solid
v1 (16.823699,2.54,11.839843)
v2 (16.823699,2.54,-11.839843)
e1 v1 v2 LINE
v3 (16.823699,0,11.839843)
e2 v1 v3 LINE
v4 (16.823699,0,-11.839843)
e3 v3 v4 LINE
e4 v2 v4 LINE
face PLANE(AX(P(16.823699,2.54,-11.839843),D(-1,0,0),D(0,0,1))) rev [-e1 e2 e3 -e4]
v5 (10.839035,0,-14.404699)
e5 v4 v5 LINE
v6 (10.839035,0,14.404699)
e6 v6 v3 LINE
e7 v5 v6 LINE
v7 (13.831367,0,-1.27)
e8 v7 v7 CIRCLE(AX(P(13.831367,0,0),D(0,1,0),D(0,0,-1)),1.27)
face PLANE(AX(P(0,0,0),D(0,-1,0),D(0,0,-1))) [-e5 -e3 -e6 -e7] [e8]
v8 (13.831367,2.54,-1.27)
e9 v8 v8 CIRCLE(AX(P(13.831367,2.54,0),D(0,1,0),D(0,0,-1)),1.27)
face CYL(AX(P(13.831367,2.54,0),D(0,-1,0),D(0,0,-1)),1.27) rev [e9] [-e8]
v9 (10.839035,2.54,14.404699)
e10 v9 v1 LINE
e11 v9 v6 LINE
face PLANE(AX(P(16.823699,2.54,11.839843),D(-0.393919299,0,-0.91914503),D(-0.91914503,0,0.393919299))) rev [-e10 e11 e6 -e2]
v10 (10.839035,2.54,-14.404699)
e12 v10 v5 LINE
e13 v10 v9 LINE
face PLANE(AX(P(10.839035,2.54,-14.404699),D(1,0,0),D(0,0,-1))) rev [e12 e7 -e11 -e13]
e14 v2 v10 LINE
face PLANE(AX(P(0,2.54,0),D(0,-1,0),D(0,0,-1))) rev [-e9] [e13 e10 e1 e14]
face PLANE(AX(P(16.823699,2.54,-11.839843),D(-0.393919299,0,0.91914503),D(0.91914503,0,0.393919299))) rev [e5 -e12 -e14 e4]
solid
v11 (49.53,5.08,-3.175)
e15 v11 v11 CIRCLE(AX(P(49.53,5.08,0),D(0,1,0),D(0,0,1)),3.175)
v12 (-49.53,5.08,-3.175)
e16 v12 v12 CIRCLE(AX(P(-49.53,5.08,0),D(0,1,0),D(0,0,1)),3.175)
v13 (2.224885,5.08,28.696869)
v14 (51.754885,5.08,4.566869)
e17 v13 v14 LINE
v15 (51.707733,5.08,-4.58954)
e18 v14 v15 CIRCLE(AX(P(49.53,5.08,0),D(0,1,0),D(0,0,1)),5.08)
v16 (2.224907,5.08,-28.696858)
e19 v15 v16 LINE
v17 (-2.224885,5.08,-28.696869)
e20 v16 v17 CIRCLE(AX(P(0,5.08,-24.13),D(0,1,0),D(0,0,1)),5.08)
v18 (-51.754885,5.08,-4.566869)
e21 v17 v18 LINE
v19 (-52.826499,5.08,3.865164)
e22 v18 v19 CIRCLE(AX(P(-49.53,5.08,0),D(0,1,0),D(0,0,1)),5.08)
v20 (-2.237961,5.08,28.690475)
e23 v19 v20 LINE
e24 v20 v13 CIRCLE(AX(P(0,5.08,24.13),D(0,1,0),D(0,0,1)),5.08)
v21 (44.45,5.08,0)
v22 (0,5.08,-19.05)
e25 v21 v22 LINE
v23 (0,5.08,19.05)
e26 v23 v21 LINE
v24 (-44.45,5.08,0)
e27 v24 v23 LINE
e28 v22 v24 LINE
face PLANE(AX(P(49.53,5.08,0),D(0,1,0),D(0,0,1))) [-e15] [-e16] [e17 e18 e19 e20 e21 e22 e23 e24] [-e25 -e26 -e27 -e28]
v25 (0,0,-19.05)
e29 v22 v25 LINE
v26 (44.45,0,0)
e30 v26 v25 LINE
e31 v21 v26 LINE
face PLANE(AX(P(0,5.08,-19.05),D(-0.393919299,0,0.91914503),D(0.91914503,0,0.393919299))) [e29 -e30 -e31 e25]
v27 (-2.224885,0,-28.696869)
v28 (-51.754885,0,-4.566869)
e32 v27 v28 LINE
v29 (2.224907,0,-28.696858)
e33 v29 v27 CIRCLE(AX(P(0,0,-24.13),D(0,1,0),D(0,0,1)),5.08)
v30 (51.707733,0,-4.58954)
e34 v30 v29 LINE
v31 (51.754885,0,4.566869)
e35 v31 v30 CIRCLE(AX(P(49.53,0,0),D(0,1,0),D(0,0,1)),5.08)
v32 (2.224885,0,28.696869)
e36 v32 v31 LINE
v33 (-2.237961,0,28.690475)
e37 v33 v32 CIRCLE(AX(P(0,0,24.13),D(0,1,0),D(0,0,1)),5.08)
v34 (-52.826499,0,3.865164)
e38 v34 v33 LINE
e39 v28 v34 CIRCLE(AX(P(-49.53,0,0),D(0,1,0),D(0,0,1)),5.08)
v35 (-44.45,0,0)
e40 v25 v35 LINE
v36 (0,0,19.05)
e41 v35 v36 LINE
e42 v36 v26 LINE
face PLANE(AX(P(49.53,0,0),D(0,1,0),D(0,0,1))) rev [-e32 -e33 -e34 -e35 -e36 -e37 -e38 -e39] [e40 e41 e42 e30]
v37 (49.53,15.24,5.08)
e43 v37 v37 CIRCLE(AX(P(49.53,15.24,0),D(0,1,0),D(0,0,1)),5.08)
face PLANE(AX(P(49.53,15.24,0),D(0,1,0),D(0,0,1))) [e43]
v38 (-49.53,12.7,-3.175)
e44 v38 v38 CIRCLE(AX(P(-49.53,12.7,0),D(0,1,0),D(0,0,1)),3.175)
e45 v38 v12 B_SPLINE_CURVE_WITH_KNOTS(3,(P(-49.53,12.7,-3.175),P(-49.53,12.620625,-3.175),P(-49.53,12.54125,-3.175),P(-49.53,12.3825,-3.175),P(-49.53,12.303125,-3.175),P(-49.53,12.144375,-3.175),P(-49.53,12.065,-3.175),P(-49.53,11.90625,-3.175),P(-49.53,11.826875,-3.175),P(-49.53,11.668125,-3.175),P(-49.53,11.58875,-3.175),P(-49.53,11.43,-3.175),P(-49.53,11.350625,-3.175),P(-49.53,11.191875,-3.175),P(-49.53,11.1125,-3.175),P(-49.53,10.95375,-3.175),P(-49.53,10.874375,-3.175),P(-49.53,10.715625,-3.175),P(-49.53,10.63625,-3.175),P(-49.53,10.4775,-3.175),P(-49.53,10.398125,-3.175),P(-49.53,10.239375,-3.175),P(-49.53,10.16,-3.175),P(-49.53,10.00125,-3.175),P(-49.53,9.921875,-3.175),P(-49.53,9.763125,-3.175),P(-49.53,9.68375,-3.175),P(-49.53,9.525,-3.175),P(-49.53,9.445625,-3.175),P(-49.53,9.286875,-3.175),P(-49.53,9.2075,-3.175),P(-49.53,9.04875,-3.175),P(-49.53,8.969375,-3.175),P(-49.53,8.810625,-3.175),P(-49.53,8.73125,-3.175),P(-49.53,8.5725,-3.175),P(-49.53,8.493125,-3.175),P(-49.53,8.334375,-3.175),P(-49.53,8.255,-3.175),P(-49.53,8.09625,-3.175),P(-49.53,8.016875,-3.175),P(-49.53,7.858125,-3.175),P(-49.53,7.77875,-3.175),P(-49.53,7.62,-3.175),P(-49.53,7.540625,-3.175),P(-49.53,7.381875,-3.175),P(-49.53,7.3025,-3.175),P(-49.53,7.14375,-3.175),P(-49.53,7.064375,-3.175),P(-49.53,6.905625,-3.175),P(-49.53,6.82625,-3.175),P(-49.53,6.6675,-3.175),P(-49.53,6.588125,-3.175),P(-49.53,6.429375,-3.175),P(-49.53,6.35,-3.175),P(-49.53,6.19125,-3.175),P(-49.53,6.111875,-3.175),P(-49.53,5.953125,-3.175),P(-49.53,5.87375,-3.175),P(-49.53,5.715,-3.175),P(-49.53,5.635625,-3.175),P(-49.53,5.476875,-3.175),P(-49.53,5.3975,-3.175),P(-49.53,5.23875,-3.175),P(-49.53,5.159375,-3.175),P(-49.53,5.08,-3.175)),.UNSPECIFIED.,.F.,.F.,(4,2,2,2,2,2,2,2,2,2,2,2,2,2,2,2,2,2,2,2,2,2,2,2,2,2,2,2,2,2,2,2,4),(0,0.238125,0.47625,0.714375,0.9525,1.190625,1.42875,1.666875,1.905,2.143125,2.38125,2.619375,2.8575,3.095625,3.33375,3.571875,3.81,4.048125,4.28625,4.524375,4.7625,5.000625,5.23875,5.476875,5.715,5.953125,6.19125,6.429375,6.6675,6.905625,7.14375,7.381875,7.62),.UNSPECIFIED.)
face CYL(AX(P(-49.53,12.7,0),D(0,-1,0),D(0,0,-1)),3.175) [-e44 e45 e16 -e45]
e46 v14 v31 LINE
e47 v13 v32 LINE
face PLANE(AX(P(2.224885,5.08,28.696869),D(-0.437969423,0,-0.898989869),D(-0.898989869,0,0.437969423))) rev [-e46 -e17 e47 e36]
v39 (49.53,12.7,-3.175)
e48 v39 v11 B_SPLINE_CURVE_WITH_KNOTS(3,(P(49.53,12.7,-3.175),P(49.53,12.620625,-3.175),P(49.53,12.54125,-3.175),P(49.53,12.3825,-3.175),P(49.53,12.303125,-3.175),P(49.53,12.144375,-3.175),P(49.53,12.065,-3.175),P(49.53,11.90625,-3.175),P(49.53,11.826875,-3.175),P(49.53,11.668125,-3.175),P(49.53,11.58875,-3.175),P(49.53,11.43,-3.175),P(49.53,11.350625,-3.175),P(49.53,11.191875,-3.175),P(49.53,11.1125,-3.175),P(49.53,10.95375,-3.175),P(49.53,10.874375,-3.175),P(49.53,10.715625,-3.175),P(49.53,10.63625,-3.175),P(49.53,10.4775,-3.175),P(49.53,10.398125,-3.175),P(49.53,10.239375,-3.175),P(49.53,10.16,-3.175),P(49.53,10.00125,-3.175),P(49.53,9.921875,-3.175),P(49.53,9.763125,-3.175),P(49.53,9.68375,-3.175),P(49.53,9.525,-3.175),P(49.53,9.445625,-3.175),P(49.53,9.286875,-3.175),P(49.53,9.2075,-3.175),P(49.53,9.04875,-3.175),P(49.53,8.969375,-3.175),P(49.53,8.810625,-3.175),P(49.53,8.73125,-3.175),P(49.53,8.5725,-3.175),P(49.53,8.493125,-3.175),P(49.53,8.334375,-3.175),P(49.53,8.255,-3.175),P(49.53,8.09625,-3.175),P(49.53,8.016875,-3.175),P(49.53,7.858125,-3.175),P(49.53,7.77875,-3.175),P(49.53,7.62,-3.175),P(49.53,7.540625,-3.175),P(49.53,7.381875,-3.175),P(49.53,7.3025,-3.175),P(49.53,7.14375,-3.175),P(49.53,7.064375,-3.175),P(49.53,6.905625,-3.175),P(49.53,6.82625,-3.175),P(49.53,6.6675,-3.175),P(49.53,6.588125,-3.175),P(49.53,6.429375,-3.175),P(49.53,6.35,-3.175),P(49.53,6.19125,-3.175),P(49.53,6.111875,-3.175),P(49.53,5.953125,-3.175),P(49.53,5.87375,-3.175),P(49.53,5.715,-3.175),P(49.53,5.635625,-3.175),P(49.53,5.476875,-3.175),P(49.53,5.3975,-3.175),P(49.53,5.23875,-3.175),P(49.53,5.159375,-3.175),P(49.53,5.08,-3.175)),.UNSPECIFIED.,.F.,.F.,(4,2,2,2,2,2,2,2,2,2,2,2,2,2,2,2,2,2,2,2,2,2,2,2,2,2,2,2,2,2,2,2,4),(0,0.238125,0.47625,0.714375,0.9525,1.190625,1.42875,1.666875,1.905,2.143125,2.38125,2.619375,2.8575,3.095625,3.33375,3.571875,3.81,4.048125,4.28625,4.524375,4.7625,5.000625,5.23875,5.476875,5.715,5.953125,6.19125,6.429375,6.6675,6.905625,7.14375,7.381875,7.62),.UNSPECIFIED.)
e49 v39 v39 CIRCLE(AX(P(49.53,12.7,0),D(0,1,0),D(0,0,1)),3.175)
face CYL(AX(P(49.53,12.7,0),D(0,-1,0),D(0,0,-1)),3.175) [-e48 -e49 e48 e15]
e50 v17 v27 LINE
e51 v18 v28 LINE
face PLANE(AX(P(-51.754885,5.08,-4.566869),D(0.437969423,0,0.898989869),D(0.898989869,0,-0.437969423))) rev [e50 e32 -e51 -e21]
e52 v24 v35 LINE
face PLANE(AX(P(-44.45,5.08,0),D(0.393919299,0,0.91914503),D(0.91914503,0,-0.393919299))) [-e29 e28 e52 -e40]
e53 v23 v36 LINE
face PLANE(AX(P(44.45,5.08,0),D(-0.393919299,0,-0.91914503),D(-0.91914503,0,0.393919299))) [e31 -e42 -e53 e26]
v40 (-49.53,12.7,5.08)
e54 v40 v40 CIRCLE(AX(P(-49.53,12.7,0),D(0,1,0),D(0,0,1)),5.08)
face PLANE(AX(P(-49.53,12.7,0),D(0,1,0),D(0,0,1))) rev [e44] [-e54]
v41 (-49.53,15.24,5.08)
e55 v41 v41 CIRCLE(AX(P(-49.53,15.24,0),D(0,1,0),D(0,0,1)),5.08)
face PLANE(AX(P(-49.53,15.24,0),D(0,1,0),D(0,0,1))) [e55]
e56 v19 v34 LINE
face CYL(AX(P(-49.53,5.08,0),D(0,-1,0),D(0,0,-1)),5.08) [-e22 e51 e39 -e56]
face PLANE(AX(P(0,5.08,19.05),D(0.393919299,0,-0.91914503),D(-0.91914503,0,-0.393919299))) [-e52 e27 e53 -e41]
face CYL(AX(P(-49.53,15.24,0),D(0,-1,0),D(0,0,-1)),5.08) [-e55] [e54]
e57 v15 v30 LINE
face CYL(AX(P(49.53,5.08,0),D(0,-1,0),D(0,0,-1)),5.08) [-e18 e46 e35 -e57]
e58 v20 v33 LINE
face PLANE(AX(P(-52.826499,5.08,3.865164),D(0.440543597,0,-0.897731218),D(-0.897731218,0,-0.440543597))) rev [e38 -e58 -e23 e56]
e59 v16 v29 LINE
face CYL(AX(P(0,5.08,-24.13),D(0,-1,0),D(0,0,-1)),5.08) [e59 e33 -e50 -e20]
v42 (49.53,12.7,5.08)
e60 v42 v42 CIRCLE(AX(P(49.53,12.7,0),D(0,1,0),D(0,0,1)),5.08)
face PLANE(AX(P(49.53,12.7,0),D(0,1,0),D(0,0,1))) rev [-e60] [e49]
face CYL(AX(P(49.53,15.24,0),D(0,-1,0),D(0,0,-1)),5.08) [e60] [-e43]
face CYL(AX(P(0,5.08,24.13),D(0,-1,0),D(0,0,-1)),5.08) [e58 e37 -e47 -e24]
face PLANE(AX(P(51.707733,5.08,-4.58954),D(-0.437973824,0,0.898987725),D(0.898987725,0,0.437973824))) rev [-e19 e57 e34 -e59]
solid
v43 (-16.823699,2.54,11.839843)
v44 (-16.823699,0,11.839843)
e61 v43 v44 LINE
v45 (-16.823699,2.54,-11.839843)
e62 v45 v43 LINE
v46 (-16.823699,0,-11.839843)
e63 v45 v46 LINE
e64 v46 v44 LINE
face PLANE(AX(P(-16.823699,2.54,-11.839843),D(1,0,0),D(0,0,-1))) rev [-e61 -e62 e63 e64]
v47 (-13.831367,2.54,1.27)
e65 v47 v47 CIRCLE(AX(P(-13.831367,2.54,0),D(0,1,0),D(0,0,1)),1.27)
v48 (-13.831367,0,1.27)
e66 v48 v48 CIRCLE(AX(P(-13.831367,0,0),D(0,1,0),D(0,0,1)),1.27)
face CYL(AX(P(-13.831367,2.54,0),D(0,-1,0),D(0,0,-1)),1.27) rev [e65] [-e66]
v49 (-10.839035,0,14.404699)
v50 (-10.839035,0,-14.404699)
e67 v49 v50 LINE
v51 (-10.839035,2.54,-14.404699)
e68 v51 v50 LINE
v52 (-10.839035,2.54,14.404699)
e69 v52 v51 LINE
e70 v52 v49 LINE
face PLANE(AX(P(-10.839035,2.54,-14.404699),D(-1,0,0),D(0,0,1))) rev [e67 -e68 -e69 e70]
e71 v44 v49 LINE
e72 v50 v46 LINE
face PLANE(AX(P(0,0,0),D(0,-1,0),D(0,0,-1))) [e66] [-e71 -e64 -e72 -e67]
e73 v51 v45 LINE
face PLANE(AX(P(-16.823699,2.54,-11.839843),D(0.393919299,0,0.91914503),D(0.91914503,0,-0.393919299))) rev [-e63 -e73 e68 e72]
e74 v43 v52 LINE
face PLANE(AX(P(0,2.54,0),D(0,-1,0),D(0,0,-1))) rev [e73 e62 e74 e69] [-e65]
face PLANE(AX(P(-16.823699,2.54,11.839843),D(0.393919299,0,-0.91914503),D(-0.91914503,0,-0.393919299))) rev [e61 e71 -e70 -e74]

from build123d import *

# Parameters (mm, degrees)
BOSS_EXTRUDE1_DEPTH   = 5.08
SKETCH5_R             = 3.175
BOSS_EXTRUDE2_DEPTH   = 7.62
SKETCH12_R            = 5.08
BOSS_EXTRUDE4_DEPTH   = 2.54
SKETCH14_R            = 5.08
BOSS_EXTRUDE5_DEPTH   = 2.54
SKETCH15_R            = 1.27
BOSS_EXTRUDE6_DEPTH   = 2.54
BOSS_EXTRUDE6_2_DEPTH = 2.54


with BuildPart() as part:
    # Sketch4 → Boss-Extrude1 (new body)
    with BuildSketch(Plane(origin=(0, 0, 0), x_dir=(1, 0, 0), z_dir=(0, 1, 0))):
        with BuildLine():
            Line((-51.75488467, 4.566868534), (-2.22488467, 28.696868534))
            ThreePointArc((-2.22488467, 28.696868534), (1.2433e-05, 29.21), (2.224907024, 28.696857643))
            Line((2.224907024, 28.696857643), (51.70773276, 4.589540285))
            ThreePointArc((51.70773276, 4.589540285), (54.609932644, 0.026159658), (51.75488467, -4.566868534))
            Line((51.75488467, -4.566868534), (2.22488467, -28.696868534))
            ThreePointArc((2.22488467, -28.696868534), (-0.00727814, -29.209994786), (-2.237961471, -28.690474587))
            Line((-2.237961471, -28.690474587), (-52.826499461, -3.865163813))
            ThreePointArc((-52.826499461, -3.865163813), (-54.569465553, 0.640458386), (-51.75488467, 4.566868534))
        make_face()
        Polygon((-44.45, 0), (0, 19.05), (44.45, 0), (0, -19.05), align=None, mode=Mode.SUBTRACT)
    extrude(amount=BOSS_EXTRUDE1_DEPTH)

    # Sketch5 → Boss-Extrude2 (add)
    with BuildSketch(Plane(origin=(0, 5.08, 0), x_dir=(1, 0, 0), z_dir=(0, 1, 0))):
        with Locations(Location((-49.53, 0, 0), (0, 0, 90))):
            Circle(SKETCH5_R)
        with Locations(Location((49.53, 0, 0), (0, 0, 90))):
            Circle(SKETCH5_R)
    extrude(amount=BOSS_EXTRUDE2_DEPTH)

    # Sketch12 → Boss-Extrude4 (add)
    with BuildSketch(Plane(origin=(0, 12.7, 0), x_dir=(1, 0, 0), z_dir=(0, 1, 0))):
        with Locations(Location((49.53, 0, 0), (0, 0, 270))):
            Circle(SKETCH12_R)
    extrude(amount=BOSS_EXTRUDE4_DEPTH)

    # Sketch14 → Boss-Extrude5 (add)
    with BuildSketch(Plane(origin=(0, 12.7, 0), x_dir=(1, 0, 0), z_dir=(0, 1, 0))):
        with Locations(Location((-49.53, 0, 0), (0, 0, 270))):
            Circle(SKETCH14_R)
    extrude(amount=BOSS_EXTRUDE5_DEPTH)


with BuildPart() as body_2:
    # Sketch15 → Boss-Extrude6 (new body)
    with BuildSketch(Plane(origin=(0, 0, 0), x_dir=(1, 0, 0), z_dir=(0, 1, 0))):
        Polygon((-10.839034868, 14.404699342), (-10.839034868, -14.404699342), (-16.823699484, -11.839843078), (-16.823699484, 11.839843078), align=None)
        with Locations(Location((-13.831367176, 0, 0), (0, 0, 270))):
            Circle(SKETCH15_R, mode=Mode.SUBTRACT)
    extrude(amount=BOSS_EXTRUDE6_DEPTH)


with BuildPart() as body_3:
    # Sketch15 → Boss-Extrude6 2 (new body)
    with BuildSketch(Plane(origin=(0, 0, 0), x_dir=(1, 0, 0), z_dir=(0, 1, 0))):
        Polygon((16.823699484, 11.839843078), (10.839034868, 14.404699342), (10.839034868, -14.404699342), (16.823699484, -11.839843078), align=None)
        with Locations(Location((13.831367176, 0, 0), (0, 0, 90))):
            Circle(SKETCH15_R, mode=Mode.SUBTRACT)
    extrude(amount=BOSS_EXTRUDE6_2_DEPTH)


solid = Compound([part.part, body_2.part, body_3.part])
